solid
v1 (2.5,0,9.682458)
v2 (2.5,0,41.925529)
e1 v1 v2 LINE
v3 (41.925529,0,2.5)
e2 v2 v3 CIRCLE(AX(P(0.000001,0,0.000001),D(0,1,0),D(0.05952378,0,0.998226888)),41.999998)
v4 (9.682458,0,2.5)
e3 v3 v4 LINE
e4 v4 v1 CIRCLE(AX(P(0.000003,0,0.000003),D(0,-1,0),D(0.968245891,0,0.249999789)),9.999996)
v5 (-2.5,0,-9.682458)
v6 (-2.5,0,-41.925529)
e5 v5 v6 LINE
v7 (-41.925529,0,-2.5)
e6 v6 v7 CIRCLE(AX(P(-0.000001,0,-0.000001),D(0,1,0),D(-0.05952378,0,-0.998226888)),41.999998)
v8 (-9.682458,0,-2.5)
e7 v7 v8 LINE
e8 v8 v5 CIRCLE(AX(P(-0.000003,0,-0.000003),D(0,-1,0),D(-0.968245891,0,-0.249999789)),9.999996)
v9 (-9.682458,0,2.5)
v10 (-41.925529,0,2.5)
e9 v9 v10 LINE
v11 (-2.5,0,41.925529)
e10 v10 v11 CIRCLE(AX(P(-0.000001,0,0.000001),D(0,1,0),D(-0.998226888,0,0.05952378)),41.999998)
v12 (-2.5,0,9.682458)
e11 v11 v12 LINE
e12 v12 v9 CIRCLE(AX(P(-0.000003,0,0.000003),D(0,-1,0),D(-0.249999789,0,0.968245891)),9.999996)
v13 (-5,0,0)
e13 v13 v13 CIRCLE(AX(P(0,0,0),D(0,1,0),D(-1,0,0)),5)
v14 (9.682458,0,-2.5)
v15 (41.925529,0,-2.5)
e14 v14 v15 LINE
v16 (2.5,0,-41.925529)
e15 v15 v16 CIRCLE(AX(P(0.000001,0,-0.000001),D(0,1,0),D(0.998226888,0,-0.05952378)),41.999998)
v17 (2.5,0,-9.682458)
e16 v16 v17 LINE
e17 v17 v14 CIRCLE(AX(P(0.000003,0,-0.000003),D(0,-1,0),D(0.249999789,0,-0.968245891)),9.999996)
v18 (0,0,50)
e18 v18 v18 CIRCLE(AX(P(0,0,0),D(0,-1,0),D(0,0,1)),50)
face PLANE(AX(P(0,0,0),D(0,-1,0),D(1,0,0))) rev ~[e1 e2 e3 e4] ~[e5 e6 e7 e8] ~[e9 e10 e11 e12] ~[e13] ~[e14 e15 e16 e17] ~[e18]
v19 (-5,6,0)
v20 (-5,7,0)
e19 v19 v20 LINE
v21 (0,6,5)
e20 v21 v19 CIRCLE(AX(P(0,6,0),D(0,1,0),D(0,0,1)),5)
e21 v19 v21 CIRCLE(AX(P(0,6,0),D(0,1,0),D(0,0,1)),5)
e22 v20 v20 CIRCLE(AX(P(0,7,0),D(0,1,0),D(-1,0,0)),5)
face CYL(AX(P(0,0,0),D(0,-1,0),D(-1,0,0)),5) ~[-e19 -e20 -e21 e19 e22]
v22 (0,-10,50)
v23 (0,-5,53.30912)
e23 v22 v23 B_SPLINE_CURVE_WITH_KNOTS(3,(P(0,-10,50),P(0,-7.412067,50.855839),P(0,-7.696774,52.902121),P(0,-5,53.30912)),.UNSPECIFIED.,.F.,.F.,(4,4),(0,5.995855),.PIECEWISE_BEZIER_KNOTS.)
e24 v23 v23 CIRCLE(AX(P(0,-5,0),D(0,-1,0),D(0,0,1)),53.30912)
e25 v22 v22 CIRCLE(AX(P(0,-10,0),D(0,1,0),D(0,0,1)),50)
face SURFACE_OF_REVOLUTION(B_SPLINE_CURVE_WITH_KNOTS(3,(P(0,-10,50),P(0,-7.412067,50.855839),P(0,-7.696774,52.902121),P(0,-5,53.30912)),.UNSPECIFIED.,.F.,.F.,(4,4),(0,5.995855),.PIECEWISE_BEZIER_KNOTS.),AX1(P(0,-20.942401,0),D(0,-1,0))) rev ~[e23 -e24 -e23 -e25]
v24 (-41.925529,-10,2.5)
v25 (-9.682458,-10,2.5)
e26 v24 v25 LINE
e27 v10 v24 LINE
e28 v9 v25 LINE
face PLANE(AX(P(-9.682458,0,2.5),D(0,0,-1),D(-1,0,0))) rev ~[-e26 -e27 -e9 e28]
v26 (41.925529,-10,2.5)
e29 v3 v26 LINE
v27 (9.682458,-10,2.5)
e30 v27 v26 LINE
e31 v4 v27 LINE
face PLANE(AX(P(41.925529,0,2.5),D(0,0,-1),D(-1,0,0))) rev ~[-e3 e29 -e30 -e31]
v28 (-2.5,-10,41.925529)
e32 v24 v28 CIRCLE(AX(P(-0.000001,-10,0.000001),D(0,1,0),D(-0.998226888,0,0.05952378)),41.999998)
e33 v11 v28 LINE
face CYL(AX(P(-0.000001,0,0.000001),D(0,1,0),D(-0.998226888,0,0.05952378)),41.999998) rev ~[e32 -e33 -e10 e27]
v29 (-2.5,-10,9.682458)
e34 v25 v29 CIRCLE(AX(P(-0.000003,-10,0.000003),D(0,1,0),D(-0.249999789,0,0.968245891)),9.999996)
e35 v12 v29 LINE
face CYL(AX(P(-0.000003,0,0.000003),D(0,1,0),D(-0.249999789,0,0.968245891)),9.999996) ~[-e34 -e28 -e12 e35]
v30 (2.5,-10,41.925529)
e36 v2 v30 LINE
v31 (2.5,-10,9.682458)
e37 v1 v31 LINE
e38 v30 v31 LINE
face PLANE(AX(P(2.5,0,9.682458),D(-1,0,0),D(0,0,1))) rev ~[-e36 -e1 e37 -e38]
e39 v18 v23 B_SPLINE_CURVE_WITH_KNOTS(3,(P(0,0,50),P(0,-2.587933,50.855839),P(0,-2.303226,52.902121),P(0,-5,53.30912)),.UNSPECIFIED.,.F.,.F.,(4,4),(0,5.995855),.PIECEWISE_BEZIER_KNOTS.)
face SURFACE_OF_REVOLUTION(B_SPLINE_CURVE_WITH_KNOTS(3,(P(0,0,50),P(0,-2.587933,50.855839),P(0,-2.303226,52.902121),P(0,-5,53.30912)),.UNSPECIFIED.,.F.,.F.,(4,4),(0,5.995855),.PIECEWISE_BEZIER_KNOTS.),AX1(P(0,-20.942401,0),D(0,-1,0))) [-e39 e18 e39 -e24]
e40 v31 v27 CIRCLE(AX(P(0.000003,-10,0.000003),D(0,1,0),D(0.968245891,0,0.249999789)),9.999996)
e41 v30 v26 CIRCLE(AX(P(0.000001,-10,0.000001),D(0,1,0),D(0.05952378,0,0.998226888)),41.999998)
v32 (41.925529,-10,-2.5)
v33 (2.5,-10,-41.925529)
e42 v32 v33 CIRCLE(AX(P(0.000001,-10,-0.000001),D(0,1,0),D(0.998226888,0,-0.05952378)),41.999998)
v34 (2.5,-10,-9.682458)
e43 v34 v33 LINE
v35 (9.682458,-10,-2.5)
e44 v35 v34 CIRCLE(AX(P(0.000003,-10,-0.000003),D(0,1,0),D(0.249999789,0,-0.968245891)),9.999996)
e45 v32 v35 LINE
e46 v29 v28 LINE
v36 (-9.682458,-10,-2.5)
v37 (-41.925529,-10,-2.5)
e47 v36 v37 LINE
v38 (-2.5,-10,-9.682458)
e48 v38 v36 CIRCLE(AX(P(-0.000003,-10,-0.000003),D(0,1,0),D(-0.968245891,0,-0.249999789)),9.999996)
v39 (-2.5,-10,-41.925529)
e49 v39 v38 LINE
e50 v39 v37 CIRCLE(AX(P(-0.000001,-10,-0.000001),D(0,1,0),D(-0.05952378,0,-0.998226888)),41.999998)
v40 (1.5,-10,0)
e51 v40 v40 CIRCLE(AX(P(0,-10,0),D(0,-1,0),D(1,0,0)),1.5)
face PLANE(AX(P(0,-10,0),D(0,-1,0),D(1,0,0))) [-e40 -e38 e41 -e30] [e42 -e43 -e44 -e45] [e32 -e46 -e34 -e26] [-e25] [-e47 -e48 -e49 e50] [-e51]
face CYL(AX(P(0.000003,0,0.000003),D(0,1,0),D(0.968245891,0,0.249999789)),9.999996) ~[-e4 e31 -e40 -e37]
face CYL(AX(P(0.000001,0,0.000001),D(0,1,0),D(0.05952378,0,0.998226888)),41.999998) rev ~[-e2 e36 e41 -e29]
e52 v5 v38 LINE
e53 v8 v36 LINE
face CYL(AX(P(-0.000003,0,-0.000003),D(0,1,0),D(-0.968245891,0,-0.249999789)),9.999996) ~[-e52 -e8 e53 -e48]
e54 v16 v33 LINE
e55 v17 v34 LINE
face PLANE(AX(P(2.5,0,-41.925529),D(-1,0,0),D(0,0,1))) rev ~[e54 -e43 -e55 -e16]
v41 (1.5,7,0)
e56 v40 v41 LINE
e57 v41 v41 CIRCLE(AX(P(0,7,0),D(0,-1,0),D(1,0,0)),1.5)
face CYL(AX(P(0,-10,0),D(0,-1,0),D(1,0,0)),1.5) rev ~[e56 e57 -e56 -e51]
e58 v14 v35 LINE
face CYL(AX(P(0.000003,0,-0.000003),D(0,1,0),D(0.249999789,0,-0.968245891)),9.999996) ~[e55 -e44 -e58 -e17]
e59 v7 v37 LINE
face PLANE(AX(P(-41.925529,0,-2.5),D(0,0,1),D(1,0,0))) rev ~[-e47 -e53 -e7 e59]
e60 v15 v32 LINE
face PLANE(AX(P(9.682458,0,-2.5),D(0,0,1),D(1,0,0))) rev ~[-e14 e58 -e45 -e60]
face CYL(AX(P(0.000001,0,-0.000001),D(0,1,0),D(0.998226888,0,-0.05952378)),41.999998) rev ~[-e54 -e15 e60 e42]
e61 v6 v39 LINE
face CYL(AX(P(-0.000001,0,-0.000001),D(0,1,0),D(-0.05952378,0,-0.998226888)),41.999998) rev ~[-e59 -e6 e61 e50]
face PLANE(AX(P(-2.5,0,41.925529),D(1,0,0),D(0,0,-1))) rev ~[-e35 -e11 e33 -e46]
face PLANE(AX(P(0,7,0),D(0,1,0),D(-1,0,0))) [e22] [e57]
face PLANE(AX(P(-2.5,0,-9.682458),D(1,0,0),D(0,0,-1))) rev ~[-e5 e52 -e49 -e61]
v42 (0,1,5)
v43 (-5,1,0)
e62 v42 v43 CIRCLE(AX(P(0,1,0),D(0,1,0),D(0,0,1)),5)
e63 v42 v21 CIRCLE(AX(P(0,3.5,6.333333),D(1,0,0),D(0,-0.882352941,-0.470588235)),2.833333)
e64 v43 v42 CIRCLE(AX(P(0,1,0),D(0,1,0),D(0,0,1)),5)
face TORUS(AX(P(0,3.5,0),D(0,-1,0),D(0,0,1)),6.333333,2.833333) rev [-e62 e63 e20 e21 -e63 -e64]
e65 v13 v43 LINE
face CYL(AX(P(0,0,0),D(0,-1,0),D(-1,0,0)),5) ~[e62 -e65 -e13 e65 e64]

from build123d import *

# Parameters (mm, degrees)
F0_R      = 50
F1_DEPTH  = 10
F6_R      = 5
F7_DEPTH  = 7
F5_R      = 1.5
F8_DEPTH  = 17.001
F13_DEPTH = 10.001


with BuildPart() as f1:
    # F0 (on Front) → F1 (new body)
    with BuildSketch(Plane.XZ):
        Circle(F0_R)
    extrude(amount=F1_DEPTH)

    # F3 (on Right) → F4 (revolve)
    with BuildSketch(Plane.YZ):
        with BuildLine():
            Line((-10, 50), (0, 50))
            add(Edge.make_bspline(
                [(0, 50), (-2.587933, 50.855839), (-2.303226, 52.902121), (-5, 53.30912)],
                knots=[0, 0, 0, 0, 5.995855, 5.995855, 5.995855, 5.995855], degree=3))
            add(Edge.make_bspline(
                [(-10, 50), (-7.412067, 50.855839), (-7.696774, 52.902121), (-5, 53.30912)],
                knots=[0, 0, 0, 0, 5.995855, 5.995855, 5.995855, 5.995855], degree=3))
        make_face()
    revolve(axis=Axis((0, -20.942401, 0), (0, -1, 0)))

    # F6 (on face) → F7 (join)
    with BuildSketch(Plane(origin=(0, 0, 0), x_dir=(-1, 0, 0), z_dir=(0, 1, 0))):
        Circle(F6_R)
    extrude(amount=F7_DEPTH)

    # F5 (on face) → F8 (cut, through all)
    with BuildSketch(Plane.XZ.offset(10)):
        Circle(F5_R)
    extrude(amount=-F8_DEPTH, mode=Mode.SUBTRACT)

    # F9 (on Right) → F11 (revolve, cut)
    with BuildSketch(Plane.YZ):
        with BuildLine():
            Line((6, 5), (1, 5))
            ThreePointArc((1, 5), (3.5, 3.5), (6, 5))
        make_face()
    revolve(axis=Axis((0, 3.22971, 0), (0, 1, 0)), mode=Mode.SUBTRACT)

    # F12 (on face) → F13 (cut, through all)
    with BuildSketch(Plane(origin=(0, 0, 0), x_dir=(-1, 0, 0), z_dir=(0, 1, 0))):
        with BuildLine():
            Line((9.682458, 2.5), (41.925529, 2.5))
            ThreePointArc((41.925529, 2.5), (29.698485, 29.698485), (2.5, 41.925529))
            Line((2.5, 41.925529), (2.5, 9.682458))
            ThreePointArc((2.5, 9.682458), (7.071068, 7.071068), (9.682458, 2.5))
        make_face()
        with BuildLine():
            ThreePointArc((2.5, -41.925529), (29.698485, -29.698485), (41.925529, -2.5))
            Line((41.925529, -2.5), (9.682458, -2.5))
            ThreePointArc((9.682458, -2.5), (7.071068, -7.071068), (2.5, -9.682458))
            Line((2.5, -9.682458), (2.5, -41.925529))
        make_face()
        with BuildLine():
            Line((-2.5, 9.682458), (-2.5, 41.925529))
            ThreePointArc((-2.5, 41.925529), (-29.698485, 29.698485), (-41.925529, 2.5))
            Line((-41.925529, 2.5), (-9.682458, 2.5))
            ThreePointArc((-9.682458, 2.5), (-7.071068, 7.071068), (-2.5, 9.682458))
        make_face()
        with BuildLine():
            ThreePointArc((-2.5, -9.682458), (-7.071068, -7.071068), (-9.682458, -2.5))
            Line((-9.682458, -2.5), (-41.925529, -2.5))
            ThreePointArc((-41.925529, -2.5), (-29.698485, -29.698485), (-2.5, -41.925529))
            Line((-2.5, -41.925529), (-2.5, -9.682458))
        make_face()
    extrude(amount=-F13_DEPTH, mode=Mode.SUBTRACT)


solid = f1.part
